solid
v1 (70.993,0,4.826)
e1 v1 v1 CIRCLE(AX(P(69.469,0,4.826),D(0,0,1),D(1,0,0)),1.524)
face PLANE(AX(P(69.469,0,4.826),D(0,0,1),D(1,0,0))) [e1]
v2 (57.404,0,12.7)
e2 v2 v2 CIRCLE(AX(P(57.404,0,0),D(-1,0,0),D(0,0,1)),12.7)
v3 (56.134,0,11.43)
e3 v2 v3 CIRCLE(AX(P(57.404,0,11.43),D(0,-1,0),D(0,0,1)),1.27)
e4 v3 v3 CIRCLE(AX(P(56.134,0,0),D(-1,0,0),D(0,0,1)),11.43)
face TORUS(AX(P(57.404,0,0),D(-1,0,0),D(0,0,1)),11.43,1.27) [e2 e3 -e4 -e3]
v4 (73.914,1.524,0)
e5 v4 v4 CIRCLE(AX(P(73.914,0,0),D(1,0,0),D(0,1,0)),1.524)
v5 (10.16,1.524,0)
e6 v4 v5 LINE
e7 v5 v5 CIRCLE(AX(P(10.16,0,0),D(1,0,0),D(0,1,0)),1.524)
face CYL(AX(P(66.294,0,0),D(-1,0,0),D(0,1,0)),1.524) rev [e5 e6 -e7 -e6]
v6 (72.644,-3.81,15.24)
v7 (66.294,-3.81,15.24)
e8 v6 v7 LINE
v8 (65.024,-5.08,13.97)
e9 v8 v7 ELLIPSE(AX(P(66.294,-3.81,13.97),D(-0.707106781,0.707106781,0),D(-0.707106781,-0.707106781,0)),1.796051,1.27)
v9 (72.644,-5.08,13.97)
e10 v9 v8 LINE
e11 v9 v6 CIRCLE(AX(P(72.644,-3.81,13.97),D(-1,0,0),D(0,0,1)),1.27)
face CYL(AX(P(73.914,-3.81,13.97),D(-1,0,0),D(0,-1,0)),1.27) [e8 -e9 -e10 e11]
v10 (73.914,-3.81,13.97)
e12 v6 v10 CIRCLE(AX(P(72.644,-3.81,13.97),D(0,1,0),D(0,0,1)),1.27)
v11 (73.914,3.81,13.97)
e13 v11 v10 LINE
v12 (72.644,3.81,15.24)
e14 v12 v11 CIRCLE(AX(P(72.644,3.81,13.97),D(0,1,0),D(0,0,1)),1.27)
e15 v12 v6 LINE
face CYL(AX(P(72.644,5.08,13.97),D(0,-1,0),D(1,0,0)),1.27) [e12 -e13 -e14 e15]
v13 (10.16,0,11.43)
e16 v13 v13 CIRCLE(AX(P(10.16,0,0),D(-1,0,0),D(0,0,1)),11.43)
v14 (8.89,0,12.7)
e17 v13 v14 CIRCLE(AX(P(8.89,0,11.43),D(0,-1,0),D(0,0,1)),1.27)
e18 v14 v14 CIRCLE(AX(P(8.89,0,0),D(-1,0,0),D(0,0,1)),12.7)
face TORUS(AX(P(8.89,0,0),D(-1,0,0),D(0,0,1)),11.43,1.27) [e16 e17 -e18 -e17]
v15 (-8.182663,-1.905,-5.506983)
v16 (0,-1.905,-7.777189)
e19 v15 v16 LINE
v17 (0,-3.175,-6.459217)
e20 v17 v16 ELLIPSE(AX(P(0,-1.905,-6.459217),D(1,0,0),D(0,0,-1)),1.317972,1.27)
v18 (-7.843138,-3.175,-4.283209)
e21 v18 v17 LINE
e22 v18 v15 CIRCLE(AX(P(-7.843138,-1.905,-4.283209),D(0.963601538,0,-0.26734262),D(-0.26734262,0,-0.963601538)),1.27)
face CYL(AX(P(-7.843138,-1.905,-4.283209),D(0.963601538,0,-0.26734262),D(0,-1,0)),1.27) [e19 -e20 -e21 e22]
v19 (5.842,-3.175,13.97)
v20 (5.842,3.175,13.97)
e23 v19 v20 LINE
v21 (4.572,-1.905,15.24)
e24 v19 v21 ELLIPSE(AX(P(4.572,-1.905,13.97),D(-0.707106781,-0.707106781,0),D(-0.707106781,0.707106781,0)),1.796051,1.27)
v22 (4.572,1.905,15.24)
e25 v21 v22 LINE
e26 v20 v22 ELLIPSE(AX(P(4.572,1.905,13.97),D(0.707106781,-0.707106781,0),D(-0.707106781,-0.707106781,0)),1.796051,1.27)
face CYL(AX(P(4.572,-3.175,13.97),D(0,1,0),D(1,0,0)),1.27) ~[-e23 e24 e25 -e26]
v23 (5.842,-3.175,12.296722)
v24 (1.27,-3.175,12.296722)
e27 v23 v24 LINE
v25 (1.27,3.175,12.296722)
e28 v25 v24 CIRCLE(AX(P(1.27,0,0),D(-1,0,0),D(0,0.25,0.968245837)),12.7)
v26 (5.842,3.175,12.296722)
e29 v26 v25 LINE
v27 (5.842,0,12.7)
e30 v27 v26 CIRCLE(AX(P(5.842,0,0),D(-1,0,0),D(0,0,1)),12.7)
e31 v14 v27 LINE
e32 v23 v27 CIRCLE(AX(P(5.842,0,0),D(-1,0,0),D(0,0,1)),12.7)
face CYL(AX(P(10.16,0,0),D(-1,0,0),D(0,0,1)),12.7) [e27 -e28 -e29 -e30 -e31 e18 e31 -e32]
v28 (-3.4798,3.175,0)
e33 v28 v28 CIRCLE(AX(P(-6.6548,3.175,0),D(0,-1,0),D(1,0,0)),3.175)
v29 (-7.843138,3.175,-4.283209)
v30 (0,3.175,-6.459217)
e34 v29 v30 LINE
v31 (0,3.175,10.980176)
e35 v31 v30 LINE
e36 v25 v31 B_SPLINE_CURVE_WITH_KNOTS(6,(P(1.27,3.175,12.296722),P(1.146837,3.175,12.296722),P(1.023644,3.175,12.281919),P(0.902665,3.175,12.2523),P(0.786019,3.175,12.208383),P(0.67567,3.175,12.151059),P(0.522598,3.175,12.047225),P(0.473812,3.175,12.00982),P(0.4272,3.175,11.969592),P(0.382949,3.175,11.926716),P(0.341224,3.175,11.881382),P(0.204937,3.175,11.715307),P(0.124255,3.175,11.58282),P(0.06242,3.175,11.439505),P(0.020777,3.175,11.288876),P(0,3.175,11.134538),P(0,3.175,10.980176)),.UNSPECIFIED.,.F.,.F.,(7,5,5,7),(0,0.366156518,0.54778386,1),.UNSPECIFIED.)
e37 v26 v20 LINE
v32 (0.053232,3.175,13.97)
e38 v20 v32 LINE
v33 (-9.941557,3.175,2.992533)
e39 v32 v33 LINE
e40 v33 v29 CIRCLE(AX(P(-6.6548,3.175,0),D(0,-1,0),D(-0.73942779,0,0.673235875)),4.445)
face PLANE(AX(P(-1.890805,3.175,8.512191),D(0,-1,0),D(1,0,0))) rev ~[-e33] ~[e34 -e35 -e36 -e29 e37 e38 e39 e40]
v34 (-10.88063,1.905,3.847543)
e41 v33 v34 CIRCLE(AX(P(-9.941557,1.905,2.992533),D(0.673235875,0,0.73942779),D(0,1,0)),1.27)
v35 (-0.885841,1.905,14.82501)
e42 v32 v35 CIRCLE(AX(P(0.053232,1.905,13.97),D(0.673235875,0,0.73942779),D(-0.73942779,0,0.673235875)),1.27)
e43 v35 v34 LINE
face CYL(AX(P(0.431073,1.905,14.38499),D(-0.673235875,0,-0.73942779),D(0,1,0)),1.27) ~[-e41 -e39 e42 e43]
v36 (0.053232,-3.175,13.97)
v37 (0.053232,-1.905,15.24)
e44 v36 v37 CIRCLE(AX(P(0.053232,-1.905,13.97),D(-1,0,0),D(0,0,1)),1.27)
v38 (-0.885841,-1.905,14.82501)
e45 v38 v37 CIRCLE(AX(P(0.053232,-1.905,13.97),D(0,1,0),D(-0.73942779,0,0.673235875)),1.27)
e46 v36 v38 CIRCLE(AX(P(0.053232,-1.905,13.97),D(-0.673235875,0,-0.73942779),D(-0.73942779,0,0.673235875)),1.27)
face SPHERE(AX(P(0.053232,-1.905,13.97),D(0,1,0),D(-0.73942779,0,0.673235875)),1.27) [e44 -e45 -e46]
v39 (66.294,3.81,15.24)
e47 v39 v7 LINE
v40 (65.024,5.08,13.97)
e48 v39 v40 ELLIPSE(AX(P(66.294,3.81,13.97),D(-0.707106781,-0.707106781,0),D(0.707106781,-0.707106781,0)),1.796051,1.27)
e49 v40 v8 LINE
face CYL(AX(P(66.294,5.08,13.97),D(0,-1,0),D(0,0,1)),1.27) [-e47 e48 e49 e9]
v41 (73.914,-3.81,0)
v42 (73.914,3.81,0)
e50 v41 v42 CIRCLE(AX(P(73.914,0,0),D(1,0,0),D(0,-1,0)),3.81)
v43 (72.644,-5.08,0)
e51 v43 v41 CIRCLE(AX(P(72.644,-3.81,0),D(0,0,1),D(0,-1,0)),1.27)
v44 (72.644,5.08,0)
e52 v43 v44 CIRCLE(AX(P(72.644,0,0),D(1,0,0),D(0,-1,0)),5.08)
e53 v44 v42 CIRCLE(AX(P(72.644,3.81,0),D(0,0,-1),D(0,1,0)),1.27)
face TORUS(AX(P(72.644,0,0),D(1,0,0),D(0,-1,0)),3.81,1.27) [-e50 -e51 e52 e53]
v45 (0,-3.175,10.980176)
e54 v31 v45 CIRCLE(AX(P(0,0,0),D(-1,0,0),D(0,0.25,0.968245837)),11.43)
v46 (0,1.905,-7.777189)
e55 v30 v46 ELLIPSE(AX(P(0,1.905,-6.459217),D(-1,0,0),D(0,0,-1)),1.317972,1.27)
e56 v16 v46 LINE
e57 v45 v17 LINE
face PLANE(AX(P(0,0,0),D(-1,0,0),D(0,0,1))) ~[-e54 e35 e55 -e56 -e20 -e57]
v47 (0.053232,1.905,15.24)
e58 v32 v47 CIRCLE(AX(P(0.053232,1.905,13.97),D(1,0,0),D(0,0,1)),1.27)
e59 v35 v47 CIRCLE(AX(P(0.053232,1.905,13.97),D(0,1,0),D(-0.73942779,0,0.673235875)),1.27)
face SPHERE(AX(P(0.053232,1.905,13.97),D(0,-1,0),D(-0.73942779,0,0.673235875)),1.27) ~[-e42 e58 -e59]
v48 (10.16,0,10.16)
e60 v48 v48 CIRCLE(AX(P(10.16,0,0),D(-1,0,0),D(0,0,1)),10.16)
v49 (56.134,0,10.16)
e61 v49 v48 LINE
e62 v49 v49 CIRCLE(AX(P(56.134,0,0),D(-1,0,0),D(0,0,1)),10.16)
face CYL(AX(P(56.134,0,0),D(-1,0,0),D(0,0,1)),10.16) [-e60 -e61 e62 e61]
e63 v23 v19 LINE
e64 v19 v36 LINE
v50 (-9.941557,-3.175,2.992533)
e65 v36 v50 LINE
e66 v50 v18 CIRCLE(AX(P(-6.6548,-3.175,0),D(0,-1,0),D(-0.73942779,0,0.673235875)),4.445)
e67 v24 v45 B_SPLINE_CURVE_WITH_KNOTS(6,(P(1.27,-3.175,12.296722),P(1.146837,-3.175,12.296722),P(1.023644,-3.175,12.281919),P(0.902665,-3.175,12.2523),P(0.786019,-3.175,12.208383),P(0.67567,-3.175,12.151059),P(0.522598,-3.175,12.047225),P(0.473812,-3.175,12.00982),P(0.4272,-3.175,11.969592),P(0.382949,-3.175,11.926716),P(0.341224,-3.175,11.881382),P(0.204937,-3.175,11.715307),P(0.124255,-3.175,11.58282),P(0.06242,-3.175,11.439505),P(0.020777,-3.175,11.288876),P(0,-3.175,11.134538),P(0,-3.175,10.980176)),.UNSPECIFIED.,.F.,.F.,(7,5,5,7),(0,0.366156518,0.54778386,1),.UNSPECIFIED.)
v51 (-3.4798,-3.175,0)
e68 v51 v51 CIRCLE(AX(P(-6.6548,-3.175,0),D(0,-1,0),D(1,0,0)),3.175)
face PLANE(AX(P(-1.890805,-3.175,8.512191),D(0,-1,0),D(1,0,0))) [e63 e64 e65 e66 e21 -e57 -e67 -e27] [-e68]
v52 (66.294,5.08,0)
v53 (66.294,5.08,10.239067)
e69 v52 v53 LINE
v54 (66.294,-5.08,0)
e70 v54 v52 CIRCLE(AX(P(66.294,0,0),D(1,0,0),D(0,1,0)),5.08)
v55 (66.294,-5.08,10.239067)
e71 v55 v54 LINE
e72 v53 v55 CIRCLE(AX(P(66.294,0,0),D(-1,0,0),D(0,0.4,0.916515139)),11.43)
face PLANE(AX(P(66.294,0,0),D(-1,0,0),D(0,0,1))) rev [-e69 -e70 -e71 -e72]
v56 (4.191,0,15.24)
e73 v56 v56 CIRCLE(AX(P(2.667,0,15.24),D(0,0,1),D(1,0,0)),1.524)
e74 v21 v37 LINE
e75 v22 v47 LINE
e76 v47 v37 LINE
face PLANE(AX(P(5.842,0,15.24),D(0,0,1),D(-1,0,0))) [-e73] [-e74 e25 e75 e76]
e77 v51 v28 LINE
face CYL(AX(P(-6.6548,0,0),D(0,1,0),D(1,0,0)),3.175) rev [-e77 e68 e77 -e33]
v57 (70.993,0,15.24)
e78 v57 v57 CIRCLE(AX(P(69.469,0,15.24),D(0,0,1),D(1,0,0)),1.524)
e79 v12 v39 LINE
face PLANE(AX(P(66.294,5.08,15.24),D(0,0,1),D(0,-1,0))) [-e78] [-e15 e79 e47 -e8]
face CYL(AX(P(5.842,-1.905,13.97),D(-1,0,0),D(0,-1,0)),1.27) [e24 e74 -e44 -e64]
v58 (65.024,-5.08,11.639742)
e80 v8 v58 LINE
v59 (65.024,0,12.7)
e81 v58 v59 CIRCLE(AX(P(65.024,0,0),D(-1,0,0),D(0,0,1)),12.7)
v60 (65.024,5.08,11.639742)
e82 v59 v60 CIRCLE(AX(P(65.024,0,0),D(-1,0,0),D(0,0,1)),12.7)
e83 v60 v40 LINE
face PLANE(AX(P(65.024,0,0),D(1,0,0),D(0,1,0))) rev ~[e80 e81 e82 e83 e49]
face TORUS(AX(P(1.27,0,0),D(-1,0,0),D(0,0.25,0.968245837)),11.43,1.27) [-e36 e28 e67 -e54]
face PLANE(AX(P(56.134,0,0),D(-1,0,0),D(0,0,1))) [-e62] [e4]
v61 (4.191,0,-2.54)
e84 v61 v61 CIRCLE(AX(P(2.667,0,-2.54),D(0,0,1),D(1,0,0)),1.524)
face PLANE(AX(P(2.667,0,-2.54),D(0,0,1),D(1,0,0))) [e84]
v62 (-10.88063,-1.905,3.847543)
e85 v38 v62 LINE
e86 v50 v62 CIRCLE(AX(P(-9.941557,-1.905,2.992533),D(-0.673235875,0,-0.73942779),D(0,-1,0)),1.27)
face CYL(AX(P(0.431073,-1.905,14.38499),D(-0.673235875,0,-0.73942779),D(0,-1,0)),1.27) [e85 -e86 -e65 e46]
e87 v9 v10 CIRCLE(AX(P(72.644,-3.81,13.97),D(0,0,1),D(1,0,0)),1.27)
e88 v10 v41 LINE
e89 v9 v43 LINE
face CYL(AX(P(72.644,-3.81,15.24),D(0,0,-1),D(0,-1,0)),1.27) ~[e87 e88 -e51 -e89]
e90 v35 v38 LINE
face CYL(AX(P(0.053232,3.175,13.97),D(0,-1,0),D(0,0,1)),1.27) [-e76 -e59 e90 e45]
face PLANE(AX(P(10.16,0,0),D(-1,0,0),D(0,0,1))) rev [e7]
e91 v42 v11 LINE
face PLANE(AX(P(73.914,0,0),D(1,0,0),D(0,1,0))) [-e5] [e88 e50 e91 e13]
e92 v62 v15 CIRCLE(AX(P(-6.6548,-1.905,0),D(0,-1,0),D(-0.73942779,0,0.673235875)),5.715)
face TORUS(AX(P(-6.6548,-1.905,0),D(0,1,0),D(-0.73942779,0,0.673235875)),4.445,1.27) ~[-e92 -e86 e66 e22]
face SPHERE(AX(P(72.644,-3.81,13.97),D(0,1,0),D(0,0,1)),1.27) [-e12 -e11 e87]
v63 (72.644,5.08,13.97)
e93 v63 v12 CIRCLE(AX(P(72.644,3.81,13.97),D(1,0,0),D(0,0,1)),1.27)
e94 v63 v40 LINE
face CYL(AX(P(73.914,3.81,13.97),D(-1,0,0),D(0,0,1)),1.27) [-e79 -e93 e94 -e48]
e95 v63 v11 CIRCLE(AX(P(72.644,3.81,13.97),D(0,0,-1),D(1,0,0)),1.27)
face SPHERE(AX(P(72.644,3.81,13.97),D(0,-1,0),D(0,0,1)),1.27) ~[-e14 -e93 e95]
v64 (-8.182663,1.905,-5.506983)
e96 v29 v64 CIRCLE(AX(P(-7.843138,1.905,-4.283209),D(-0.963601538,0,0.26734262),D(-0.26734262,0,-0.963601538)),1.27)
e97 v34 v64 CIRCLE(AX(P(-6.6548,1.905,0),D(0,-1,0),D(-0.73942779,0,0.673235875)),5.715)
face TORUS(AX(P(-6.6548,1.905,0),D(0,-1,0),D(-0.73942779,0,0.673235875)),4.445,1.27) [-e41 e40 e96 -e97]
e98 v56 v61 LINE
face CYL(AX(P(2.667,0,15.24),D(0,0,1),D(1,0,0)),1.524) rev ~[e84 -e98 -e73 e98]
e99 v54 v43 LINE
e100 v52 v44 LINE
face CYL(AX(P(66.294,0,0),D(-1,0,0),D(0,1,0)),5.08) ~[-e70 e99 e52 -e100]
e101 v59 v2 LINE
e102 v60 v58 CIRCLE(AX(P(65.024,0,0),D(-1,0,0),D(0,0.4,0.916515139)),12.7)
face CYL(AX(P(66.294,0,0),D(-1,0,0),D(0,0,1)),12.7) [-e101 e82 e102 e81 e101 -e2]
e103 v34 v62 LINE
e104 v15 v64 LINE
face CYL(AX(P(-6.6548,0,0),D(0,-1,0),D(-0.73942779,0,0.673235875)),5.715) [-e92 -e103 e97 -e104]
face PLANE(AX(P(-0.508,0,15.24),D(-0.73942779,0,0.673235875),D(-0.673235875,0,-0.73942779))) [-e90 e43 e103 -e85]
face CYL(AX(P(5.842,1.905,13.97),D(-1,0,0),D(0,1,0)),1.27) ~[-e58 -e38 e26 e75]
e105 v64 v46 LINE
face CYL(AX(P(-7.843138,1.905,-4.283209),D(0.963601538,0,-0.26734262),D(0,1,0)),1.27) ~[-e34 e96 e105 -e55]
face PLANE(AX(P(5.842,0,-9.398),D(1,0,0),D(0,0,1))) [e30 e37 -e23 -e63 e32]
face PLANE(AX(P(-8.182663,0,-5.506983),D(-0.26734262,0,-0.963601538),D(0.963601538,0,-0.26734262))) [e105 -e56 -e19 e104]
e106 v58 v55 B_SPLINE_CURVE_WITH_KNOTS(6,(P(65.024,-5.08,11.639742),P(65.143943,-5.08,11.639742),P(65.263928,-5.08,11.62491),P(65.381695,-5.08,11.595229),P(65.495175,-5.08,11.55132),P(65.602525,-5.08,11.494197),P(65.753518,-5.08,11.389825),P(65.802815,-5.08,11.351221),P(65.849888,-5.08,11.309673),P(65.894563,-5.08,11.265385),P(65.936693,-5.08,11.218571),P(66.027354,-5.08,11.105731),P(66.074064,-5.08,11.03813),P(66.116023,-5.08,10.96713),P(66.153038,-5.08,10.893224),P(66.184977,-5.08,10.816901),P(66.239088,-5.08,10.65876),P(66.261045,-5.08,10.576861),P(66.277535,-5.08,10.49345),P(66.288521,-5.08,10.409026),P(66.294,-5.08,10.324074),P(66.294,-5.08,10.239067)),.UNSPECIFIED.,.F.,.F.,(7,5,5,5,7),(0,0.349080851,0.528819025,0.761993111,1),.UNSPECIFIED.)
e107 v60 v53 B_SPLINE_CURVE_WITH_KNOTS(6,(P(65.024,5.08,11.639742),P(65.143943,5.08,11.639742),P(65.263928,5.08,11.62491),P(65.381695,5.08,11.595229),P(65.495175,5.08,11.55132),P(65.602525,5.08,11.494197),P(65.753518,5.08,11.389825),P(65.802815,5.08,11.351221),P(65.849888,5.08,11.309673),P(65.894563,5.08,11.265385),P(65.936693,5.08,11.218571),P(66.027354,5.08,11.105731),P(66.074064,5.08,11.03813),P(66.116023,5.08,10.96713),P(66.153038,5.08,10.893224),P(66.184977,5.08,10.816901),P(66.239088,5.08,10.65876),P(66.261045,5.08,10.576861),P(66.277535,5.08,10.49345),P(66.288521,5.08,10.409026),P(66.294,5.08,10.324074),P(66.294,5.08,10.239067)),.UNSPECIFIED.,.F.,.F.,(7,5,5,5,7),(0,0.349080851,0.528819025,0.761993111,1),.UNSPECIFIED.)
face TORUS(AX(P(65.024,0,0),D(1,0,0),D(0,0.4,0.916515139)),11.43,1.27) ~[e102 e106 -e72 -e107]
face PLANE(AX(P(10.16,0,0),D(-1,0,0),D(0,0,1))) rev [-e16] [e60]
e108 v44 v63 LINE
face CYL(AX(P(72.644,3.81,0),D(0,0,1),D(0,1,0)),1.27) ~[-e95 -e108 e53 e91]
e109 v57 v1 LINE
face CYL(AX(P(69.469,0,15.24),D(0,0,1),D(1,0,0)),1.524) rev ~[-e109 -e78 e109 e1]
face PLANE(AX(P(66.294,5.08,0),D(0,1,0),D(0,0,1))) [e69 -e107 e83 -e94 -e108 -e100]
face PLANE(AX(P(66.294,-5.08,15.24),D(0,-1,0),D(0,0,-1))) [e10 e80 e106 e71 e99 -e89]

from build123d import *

# Parameters (mm, degrees)
F0_W          = 5.842
F0_H          = 12.7
F0_R          = 3.175
F2_DEPTH      = 3.175
F3_R          = 1.524
F4_DEPTH      = 7.62
F4_DEPTH_BACK = 1.27
F5_DEPTH      = 56.134
F7_R          = 1.524
F8_DEPTH      = 10.414
F6_R          = 1.524
F9_DEPTH      = 17.78
F10_R         = 1.27


with BuildPart() as f1:
    # F0 (on Front) → F1 (revolve)
    with BuildSketch(Plane.XZ):
        with Locations((2.921, 6.35)):
            Rectangle(F0_W, F0_H)
        Polygon((5.842, 12.7), (5.842, 0), (66.294, 0), (66.294, 12.7), (56.134, 12.7), (56.134, 10.16), (10.16, 10.16), (10.16, 12.7), align=None)
    revolve(axis=Axis((33.147, 0, 0), (-1, 0, 0)))

    # F0 (on Front) → F2 (join, symmetric)
    with BuildSketch(Plane.XZ):
        with BuildLine():
            Line((-0.9398, 0), (0, 0))
            Line((0, 0), (0, 12.7))
            Line((0, 12.7), (5.842, 12.7))
            Line((5.842, 12.7), (5.842, 15.24))
            Line((5.842, 15.24), (-0.508, 15.24))
            Line((-0.508, 15.24), (-10.8806298187, 3.8475430269))
            ThreePointArc((-10.8806298187, 3.8475430269), (-4.5919612295, 5.3297205562), (-0.9398, 0))
        make_face()
        with BuildLine():
            ThreePointArc((-8.1826630726, -5.5069827884), (-3.1957909266, -4.5493385486), (-0.9398, 0))
            ThreePointArc((-0.9398, 0), (-4.5919612295, 5.3297205562), (-10.8806298187, 3.8475430269))
            ThreePointArc((-10.8806298187, 3.8475430269), (-12.1459778134, -1.5837270034), (-8.1826630726, -5.5069827884))
        make_face()
        with Locations((-6.6548, 0)):
            Circle(F0_R, mode=Mode.SUBTRACT)
        with BuildLine():
            Line((5.842, 0), (0, 0))
            Line((0, 0), (-0.9398, 0))
            ThreePointArc((-0.9398, 0), (-3.1957909266, -4.5493385486), (-8.1826630726, -5.5069827884))
            Line((-8.1826630726, -5.5069827884), (5.842, -9.398))
            Line((5.842, -9.398), (5.842, 0))
        make_face()
        with Locations((2.921, 6.35)):
            Rectangle(F0_W, F0_H)
    extrude(amount=F2_DEPTH, both=True)

    # F3 (on face) → F4 (join, two sides)
    with BuildSketch(Plane.YZ.offset(66.294)) as f4_sk:
        with BuildLine():
            ThreePointArc((-5.08, 0), (0, -5.08), (5.08, 0))
            ThreePointArc((5.08, 0), (0, 5.08), (-5.08, 0))
        make_face()
        Circle(F3_R, mode=Mode.SUBTRACT)
        with BuildLine():
            ThreePointArc((-5.08, 0), (0, 5.08), (5.08, 0))
            Line((5.08, 0), (5.08, 15.24))
            Line((5.08, 15.24), (0, 15.24))
            Line((0, 15.24), (-5.08, 15.24))
            Line((-5.08, 15.24), (-5.08, 0))
        make_face()
    extrude(amount=F4_DEPTH)
    extrude(f4_sk.sketch, amount=-F4_DEPTH_BACK)

    # F5 (cut, through all): a face of the model
    f5_faces = [f1.faces().sort_by_distance(p)[0] for p in [
        (66.294, 0, 0),
    ]]
    extrude(f5_faces, amount=-F5_DEPTH, mode=Mode.SUBTRACT)

    # F7 (on face) → F8 (cut)
    with BuildSketch(Plane.XY.offset(15.24)):
        with Locations((69.469, 0)):
            Circle(F7_R)
    extrude(amount=-F8_DEPTH, mode=Mode.SUBTRACT)

    # F6 (on face) → F9 (cut)
    with BuildSketch(Plane.XY.offset(15.24)):
        with Locations((2.667, 0)):
            Circle(F6_R)
    extrude(amount=-F9_DEPTH, mode=Mode.SUBTRACT)

    # F10
    f10_edges = [f1.edges().sort_by_distance(p)[0] for p in [
        (10.16, 0, -12.7),
        (56.134, 0, -12.7),
        (0, 0, -12.7),
        (66.294, 0, -12.7),
        (2.667, -3.175, 15.24),
        (2.667, 3.175, 15.24),
        (5.842, 0, 15.24),
        (-0.508, 0, 15.24),
        (73.914, 0, 15.24),
        (69.469, -5.08, 15.24),
        (65.024, 0, 15.24),
        (69.469, 5.08, 15.24),
        (73.914, -5.08, 7.62),
        (73.914, 5.08, 7.62),
        (-5.694315, -3.175, 9.543772),
        (-5.694315, 3.175, 9.543772),
    ]]
    fillet(f10_edges, radius=F10_R)


solid = f1.part
